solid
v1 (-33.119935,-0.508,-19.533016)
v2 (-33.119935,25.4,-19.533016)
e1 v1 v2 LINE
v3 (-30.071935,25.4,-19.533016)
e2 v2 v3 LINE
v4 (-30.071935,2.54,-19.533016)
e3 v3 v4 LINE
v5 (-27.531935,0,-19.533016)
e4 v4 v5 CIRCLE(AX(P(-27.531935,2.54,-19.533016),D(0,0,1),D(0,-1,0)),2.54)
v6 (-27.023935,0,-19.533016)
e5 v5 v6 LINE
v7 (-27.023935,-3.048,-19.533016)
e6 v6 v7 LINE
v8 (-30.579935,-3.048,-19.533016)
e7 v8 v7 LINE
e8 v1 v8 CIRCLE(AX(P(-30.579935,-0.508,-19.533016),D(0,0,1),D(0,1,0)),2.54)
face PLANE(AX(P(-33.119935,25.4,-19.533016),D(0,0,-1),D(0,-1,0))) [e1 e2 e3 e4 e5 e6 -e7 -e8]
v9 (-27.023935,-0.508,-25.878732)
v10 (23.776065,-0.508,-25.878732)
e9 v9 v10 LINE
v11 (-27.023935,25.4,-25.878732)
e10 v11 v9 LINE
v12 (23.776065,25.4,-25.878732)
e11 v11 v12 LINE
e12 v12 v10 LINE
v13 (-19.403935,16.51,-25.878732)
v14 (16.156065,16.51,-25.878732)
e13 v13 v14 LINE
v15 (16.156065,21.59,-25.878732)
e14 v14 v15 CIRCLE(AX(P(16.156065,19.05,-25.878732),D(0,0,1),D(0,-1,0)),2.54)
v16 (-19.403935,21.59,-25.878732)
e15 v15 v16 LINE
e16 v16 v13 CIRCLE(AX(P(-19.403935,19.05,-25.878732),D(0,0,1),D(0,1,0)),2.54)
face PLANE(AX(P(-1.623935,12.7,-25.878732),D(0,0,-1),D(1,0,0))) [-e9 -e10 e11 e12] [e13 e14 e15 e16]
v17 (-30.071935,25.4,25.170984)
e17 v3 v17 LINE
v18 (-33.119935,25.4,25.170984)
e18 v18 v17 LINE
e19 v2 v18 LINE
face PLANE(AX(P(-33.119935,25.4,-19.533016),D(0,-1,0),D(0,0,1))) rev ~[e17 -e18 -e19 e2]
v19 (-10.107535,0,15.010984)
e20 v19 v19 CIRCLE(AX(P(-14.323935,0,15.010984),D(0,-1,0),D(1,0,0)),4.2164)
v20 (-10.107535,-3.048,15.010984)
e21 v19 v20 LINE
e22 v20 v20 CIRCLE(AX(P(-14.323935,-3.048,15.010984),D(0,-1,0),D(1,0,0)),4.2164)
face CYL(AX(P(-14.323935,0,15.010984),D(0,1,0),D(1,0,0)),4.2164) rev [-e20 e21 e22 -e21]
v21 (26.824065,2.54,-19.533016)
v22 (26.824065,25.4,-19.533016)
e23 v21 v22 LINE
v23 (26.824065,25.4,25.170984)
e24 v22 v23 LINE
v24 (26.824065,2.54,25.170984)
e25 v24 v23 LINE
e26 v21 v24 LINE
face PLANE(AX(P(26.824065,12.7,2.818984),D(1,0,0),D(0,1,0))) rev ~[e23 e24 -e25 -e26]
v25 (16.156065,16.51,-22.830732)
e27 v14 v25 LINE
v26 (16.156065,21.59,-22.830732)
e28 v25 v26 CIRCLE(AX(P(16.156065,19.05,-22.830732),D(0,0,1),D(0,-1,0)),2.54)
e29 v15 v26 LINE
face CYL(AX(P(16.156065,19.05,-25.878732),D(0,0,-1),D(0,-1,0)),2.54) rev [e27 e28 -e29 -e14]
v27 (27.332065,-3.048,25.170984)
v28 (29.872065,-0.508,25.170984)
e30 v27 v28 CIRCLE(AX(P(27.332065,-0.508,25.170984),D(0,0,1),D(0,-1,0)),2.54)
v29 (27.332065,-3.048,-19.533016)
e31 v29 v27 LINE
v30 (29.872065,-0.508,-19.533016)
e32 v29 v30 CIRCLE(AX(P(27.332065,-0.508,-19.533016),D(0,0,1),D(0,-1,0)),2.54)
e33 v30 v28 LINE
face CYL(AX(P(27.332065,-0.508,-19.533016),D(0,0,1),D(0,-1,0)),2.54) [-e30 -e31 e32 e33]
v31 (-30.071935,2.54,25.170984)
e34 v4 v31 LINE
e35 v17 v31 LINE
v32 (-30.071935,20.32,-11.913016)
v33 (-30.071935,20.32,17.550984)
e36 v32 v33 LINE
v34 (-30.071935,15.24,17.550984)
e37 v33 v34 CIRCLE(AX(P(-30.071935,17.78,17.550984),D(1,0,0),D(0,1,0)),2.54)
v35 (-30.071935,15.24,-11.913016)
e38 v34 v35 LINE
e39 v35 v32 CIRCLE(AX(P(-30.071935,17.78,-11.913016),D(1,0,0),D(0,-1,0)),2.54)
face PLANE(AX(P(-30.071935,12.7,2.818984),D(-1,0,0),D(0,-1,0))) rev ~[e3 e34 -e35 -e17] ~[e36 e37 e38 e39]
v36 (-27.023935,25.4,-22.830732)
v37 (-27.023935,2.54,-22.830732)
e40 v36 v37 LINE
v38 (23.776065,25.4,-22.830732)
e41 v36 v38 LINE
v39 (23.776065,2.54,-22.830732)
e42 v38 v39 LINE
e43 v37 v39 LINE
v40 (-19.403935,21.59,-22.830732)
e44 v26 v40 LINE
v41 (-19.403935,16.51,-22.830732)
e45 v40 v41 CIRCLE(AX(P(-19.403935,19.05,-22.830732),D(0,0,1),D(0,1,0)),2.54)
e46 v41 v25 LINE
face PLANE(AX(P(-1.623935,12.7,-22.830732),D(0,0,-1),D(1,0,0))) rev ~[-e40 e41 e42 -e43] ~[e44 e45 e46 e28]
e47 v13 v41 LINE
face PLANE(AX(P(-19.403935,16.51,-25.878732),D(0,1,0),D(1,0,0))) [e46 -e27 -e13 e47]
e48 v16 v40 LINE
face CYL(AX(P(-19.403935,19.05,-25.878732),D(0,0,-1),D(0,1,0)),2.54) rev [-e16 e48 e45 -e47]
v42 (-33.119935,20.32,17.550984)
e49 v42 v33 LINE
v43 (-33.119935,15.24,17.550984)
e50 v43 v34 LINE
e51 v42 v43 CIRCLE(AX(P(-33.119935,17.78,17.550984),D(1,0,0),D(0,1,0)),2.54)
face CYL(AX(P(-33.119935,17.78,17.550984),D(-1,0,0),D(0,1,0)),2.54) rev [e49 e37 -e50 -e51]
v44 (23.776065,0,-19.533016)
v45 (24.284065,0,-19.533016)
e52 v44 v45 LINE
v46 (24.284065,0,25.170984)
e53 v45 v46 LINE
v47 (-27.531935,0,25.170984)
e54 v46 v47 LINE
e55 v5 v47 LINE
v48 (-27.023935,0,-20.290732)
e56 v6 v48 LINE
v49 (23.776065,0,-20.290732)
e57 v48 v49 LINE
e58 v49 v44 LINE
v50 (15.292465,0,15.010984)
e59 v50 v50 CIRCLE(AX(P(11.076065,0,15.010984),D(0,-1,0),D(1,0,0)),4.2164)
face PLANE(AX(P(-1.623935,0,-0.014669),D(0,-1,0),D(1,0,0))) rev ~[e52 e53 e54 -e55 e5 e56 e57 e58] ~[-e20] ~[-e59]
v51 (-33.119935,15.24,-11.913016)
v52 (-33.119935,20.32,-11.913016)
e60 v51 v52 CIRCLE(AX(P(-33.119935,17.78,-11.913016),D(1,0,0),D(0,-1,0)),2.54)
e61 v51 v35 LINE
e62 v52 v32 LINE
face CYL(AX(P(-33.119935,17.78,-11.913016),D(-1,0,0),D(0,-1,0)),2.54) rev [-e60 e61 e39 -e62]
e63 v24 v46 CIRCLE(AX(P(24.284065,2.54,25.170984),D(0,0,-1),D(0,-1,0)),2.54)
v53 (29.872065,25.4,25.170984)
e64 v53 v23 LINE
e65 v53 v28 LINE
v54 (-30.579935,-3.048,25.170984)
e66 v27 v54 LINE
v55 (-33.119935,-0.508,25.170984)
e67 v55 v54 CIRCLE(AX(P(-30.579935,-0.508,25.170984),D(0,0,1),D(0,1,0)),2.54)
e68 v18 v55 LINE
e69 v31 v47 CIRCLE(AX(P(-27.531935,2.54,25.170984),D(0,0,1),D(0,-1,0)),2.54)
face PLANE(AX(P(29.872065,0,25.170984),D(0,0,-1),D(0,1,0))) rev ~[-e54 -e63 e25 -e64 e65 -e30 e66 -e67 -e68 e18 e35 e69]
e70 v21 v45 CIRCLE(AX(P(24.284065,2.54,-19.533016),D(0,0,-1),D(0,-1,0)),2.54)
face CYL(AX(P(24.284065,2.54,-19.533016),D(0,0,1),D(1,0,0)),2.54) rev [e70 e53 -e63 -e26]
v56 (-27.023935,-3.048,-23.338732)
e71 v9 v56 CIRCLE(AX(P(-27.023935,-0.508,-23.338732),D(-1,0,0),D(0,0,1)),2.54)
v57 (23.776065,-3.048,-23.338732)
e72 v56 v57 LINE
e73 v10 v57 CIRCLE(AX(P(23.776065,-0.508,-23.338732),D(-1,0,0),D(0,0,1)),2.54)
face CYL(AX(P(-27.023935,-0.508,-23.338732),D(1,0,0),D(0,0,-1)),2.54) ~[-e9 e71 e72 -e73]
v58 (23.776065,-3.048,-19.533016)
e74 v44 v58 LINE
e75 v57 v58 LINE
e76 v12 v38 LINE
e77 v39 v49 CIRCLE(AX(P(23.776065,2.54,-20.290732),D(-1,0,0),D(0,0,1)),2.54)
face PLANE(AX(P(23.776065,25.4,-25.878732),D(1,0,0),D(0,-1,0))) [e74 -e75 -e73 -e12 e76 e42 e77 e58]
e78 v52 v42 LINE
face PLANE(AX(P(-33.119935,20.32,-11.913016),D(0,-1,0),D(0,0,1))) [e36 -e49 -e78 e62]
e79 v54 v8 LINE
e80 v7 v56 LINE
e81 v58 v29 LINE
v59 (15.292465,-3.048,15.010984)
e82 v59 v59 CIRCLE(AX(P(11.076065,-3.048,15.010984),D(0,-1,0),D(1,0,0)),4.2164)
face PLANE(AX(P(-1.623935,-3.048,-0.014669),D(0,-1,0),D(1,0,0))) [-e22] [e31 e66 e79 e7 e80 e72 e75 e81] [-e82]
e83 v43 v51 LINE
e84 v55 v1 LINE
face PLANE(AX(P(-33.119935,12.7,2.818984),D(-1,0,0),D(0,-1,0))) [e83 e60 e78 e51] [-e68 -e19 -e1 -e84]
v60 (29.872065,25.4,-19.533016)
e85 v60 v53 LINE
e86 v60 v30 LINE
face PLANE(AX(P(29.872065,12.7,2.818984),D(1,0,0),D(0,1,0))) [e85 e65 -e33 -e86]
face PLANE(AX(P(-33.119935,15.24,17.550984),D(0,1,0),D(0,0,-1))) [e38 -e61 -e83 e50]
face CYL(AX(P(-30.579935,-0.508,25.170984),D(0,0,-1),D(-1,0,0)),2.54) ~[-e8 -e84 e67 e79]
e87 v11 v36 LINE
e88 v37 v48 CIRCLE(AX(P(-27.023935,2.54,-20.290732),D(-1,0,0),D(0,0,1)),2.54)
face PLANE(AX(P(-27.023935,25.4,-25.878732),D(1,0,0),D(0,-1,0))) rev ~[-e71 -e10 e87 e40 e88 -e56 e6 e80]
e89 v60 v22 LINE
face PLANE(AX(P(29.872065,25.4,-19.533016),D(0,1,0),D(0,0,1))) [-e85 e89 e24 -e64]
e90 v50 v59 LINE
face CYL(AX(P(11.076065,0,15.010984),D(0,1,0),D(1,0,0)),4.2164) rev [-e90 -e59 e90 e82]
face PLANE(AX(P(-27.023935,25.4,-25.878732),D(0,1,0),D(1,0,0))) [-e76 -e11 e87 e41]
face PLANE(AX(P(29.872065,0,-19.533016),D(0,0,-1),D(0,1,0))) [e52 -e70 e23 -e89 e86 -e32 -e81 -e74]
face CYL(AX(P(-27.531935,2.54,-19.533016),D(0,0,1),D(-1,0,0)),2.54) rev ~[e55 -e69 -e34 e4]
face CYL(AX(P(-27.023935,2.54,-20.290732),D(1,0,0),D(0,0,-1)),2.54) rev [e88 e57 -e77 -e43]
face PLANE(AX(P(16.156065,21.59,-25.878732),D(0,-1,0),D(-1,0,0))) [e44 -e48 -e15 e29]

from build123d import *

# Parameters (mm, degrees)
F0_R     = 4.2164
F1_DEPTH = 3.048
F3_W     = 25.4
F3_H     = 44.704
F5_DEPTH = 3.048
F4_W     = 50.8
F4_H     = 25.4
F6_DEPTH = 3.048
F2_W     = 25.4
F2_H     = 44.704
F7_DEPTH = 3.048
F8_R     = 2.54


with BuildPart() as f1:
    # F0 (on Front) → F1 (new body)
    with BuildSketch(Plane.XZ):
        Polygon((29.872065, 25.170984), (-33.119935, 25.170984), (-33.119935, -19.533016), (-27.023935, -19.533016), (-27.023935, -25.878732), (23.776065, -25.878732), (23.776065, -19.533016), (29.872065, -19.533016), align=None)
        with Locations((-14.323935, 15.010984)):
            Circle(F0_R, mode=Mode.SUBTRACT)
        with Locations((11.076065, 15.010984)):
            Circle(F0_R, mode=Mode.SUBTRACT)
    extrude(amount=F1_DEPTH)

    # F3 (on face) → F5 (join)
    with BuildSketch(Plane(origin=(-33.119935, 0, 0), x_dir=(0, -1, 0), z_dir=(-1, 0, 0))):
        with Locations((-12.7, 2.818984)):
            Rectangle(F3_W, F3_H)
        with BuildLine():
            Line((-20.32, -11.913016), (-20.32, 17.550984))
            ThreePointArc((-20.32, 17.550984), (-17.78, 20.090984), (-15.24, 17.550984))
            Line((-15.24, 17.550984), (-15.24, -11.913016))
            ThreePointArc((-15.24, -11.913016), (-17.78, -14.453016), (-20.32, -11.913016))
        make_face(mode=Mode.SUBTRACT)
    extrude(amount=-F5_DEPTH)

    # F4 (on face) → F6 (join)
    with BuildSketch(Plane(origin=(0, 0, -25.878732), x_dir=(1, 0, 0), z_dir=(0, 0, -1))):
        with Locations((-1.623935, -12.7)):
            Rectangle(F4_W, F4_H)
        with BuildLine():
            ThreePointArc((-19.403935, -21.59), (-21.943935, -19.05), (-19.403935, -16.51))
            Line((-19.403935, -16.51), (16.156065, -16.51))
            ThreePointArc((16.156065, -16.51), (18.696065, -19.05), (16.156065, -21.59))
            Line((16.156065, -21.59), (-19.403935, -21.59))
        make_face(mode=Mode.SUBTRACT)
    extrude(amount=-F6_DEPTH)

    # F2 (on face) → F7 (join)
    with BuildSketch(Plane.YZ.offset(29.872065)):
        with Locations((12.7, 2.818984)):
            Rectangle(F2_W, F2_H)
    extrude(amount=-F7_DEPTH)

    # F8
    f8_edges = [f1.edges().sort_by_distance(p)[0] for p in [
        (-33.119935, -3.048, 2.818984),
        (-30.071935, 0, 2.818984),
        (29.872065, -3.048, 2.818984),
        (26.824065, 0, 2.818984),
        (-1.623935, 0, -22.830732),
        (-1.623935, -3.048, -25.878732),
    ]]
    fillet(f8_edges, radius=F8_R)


solid = f1.part
